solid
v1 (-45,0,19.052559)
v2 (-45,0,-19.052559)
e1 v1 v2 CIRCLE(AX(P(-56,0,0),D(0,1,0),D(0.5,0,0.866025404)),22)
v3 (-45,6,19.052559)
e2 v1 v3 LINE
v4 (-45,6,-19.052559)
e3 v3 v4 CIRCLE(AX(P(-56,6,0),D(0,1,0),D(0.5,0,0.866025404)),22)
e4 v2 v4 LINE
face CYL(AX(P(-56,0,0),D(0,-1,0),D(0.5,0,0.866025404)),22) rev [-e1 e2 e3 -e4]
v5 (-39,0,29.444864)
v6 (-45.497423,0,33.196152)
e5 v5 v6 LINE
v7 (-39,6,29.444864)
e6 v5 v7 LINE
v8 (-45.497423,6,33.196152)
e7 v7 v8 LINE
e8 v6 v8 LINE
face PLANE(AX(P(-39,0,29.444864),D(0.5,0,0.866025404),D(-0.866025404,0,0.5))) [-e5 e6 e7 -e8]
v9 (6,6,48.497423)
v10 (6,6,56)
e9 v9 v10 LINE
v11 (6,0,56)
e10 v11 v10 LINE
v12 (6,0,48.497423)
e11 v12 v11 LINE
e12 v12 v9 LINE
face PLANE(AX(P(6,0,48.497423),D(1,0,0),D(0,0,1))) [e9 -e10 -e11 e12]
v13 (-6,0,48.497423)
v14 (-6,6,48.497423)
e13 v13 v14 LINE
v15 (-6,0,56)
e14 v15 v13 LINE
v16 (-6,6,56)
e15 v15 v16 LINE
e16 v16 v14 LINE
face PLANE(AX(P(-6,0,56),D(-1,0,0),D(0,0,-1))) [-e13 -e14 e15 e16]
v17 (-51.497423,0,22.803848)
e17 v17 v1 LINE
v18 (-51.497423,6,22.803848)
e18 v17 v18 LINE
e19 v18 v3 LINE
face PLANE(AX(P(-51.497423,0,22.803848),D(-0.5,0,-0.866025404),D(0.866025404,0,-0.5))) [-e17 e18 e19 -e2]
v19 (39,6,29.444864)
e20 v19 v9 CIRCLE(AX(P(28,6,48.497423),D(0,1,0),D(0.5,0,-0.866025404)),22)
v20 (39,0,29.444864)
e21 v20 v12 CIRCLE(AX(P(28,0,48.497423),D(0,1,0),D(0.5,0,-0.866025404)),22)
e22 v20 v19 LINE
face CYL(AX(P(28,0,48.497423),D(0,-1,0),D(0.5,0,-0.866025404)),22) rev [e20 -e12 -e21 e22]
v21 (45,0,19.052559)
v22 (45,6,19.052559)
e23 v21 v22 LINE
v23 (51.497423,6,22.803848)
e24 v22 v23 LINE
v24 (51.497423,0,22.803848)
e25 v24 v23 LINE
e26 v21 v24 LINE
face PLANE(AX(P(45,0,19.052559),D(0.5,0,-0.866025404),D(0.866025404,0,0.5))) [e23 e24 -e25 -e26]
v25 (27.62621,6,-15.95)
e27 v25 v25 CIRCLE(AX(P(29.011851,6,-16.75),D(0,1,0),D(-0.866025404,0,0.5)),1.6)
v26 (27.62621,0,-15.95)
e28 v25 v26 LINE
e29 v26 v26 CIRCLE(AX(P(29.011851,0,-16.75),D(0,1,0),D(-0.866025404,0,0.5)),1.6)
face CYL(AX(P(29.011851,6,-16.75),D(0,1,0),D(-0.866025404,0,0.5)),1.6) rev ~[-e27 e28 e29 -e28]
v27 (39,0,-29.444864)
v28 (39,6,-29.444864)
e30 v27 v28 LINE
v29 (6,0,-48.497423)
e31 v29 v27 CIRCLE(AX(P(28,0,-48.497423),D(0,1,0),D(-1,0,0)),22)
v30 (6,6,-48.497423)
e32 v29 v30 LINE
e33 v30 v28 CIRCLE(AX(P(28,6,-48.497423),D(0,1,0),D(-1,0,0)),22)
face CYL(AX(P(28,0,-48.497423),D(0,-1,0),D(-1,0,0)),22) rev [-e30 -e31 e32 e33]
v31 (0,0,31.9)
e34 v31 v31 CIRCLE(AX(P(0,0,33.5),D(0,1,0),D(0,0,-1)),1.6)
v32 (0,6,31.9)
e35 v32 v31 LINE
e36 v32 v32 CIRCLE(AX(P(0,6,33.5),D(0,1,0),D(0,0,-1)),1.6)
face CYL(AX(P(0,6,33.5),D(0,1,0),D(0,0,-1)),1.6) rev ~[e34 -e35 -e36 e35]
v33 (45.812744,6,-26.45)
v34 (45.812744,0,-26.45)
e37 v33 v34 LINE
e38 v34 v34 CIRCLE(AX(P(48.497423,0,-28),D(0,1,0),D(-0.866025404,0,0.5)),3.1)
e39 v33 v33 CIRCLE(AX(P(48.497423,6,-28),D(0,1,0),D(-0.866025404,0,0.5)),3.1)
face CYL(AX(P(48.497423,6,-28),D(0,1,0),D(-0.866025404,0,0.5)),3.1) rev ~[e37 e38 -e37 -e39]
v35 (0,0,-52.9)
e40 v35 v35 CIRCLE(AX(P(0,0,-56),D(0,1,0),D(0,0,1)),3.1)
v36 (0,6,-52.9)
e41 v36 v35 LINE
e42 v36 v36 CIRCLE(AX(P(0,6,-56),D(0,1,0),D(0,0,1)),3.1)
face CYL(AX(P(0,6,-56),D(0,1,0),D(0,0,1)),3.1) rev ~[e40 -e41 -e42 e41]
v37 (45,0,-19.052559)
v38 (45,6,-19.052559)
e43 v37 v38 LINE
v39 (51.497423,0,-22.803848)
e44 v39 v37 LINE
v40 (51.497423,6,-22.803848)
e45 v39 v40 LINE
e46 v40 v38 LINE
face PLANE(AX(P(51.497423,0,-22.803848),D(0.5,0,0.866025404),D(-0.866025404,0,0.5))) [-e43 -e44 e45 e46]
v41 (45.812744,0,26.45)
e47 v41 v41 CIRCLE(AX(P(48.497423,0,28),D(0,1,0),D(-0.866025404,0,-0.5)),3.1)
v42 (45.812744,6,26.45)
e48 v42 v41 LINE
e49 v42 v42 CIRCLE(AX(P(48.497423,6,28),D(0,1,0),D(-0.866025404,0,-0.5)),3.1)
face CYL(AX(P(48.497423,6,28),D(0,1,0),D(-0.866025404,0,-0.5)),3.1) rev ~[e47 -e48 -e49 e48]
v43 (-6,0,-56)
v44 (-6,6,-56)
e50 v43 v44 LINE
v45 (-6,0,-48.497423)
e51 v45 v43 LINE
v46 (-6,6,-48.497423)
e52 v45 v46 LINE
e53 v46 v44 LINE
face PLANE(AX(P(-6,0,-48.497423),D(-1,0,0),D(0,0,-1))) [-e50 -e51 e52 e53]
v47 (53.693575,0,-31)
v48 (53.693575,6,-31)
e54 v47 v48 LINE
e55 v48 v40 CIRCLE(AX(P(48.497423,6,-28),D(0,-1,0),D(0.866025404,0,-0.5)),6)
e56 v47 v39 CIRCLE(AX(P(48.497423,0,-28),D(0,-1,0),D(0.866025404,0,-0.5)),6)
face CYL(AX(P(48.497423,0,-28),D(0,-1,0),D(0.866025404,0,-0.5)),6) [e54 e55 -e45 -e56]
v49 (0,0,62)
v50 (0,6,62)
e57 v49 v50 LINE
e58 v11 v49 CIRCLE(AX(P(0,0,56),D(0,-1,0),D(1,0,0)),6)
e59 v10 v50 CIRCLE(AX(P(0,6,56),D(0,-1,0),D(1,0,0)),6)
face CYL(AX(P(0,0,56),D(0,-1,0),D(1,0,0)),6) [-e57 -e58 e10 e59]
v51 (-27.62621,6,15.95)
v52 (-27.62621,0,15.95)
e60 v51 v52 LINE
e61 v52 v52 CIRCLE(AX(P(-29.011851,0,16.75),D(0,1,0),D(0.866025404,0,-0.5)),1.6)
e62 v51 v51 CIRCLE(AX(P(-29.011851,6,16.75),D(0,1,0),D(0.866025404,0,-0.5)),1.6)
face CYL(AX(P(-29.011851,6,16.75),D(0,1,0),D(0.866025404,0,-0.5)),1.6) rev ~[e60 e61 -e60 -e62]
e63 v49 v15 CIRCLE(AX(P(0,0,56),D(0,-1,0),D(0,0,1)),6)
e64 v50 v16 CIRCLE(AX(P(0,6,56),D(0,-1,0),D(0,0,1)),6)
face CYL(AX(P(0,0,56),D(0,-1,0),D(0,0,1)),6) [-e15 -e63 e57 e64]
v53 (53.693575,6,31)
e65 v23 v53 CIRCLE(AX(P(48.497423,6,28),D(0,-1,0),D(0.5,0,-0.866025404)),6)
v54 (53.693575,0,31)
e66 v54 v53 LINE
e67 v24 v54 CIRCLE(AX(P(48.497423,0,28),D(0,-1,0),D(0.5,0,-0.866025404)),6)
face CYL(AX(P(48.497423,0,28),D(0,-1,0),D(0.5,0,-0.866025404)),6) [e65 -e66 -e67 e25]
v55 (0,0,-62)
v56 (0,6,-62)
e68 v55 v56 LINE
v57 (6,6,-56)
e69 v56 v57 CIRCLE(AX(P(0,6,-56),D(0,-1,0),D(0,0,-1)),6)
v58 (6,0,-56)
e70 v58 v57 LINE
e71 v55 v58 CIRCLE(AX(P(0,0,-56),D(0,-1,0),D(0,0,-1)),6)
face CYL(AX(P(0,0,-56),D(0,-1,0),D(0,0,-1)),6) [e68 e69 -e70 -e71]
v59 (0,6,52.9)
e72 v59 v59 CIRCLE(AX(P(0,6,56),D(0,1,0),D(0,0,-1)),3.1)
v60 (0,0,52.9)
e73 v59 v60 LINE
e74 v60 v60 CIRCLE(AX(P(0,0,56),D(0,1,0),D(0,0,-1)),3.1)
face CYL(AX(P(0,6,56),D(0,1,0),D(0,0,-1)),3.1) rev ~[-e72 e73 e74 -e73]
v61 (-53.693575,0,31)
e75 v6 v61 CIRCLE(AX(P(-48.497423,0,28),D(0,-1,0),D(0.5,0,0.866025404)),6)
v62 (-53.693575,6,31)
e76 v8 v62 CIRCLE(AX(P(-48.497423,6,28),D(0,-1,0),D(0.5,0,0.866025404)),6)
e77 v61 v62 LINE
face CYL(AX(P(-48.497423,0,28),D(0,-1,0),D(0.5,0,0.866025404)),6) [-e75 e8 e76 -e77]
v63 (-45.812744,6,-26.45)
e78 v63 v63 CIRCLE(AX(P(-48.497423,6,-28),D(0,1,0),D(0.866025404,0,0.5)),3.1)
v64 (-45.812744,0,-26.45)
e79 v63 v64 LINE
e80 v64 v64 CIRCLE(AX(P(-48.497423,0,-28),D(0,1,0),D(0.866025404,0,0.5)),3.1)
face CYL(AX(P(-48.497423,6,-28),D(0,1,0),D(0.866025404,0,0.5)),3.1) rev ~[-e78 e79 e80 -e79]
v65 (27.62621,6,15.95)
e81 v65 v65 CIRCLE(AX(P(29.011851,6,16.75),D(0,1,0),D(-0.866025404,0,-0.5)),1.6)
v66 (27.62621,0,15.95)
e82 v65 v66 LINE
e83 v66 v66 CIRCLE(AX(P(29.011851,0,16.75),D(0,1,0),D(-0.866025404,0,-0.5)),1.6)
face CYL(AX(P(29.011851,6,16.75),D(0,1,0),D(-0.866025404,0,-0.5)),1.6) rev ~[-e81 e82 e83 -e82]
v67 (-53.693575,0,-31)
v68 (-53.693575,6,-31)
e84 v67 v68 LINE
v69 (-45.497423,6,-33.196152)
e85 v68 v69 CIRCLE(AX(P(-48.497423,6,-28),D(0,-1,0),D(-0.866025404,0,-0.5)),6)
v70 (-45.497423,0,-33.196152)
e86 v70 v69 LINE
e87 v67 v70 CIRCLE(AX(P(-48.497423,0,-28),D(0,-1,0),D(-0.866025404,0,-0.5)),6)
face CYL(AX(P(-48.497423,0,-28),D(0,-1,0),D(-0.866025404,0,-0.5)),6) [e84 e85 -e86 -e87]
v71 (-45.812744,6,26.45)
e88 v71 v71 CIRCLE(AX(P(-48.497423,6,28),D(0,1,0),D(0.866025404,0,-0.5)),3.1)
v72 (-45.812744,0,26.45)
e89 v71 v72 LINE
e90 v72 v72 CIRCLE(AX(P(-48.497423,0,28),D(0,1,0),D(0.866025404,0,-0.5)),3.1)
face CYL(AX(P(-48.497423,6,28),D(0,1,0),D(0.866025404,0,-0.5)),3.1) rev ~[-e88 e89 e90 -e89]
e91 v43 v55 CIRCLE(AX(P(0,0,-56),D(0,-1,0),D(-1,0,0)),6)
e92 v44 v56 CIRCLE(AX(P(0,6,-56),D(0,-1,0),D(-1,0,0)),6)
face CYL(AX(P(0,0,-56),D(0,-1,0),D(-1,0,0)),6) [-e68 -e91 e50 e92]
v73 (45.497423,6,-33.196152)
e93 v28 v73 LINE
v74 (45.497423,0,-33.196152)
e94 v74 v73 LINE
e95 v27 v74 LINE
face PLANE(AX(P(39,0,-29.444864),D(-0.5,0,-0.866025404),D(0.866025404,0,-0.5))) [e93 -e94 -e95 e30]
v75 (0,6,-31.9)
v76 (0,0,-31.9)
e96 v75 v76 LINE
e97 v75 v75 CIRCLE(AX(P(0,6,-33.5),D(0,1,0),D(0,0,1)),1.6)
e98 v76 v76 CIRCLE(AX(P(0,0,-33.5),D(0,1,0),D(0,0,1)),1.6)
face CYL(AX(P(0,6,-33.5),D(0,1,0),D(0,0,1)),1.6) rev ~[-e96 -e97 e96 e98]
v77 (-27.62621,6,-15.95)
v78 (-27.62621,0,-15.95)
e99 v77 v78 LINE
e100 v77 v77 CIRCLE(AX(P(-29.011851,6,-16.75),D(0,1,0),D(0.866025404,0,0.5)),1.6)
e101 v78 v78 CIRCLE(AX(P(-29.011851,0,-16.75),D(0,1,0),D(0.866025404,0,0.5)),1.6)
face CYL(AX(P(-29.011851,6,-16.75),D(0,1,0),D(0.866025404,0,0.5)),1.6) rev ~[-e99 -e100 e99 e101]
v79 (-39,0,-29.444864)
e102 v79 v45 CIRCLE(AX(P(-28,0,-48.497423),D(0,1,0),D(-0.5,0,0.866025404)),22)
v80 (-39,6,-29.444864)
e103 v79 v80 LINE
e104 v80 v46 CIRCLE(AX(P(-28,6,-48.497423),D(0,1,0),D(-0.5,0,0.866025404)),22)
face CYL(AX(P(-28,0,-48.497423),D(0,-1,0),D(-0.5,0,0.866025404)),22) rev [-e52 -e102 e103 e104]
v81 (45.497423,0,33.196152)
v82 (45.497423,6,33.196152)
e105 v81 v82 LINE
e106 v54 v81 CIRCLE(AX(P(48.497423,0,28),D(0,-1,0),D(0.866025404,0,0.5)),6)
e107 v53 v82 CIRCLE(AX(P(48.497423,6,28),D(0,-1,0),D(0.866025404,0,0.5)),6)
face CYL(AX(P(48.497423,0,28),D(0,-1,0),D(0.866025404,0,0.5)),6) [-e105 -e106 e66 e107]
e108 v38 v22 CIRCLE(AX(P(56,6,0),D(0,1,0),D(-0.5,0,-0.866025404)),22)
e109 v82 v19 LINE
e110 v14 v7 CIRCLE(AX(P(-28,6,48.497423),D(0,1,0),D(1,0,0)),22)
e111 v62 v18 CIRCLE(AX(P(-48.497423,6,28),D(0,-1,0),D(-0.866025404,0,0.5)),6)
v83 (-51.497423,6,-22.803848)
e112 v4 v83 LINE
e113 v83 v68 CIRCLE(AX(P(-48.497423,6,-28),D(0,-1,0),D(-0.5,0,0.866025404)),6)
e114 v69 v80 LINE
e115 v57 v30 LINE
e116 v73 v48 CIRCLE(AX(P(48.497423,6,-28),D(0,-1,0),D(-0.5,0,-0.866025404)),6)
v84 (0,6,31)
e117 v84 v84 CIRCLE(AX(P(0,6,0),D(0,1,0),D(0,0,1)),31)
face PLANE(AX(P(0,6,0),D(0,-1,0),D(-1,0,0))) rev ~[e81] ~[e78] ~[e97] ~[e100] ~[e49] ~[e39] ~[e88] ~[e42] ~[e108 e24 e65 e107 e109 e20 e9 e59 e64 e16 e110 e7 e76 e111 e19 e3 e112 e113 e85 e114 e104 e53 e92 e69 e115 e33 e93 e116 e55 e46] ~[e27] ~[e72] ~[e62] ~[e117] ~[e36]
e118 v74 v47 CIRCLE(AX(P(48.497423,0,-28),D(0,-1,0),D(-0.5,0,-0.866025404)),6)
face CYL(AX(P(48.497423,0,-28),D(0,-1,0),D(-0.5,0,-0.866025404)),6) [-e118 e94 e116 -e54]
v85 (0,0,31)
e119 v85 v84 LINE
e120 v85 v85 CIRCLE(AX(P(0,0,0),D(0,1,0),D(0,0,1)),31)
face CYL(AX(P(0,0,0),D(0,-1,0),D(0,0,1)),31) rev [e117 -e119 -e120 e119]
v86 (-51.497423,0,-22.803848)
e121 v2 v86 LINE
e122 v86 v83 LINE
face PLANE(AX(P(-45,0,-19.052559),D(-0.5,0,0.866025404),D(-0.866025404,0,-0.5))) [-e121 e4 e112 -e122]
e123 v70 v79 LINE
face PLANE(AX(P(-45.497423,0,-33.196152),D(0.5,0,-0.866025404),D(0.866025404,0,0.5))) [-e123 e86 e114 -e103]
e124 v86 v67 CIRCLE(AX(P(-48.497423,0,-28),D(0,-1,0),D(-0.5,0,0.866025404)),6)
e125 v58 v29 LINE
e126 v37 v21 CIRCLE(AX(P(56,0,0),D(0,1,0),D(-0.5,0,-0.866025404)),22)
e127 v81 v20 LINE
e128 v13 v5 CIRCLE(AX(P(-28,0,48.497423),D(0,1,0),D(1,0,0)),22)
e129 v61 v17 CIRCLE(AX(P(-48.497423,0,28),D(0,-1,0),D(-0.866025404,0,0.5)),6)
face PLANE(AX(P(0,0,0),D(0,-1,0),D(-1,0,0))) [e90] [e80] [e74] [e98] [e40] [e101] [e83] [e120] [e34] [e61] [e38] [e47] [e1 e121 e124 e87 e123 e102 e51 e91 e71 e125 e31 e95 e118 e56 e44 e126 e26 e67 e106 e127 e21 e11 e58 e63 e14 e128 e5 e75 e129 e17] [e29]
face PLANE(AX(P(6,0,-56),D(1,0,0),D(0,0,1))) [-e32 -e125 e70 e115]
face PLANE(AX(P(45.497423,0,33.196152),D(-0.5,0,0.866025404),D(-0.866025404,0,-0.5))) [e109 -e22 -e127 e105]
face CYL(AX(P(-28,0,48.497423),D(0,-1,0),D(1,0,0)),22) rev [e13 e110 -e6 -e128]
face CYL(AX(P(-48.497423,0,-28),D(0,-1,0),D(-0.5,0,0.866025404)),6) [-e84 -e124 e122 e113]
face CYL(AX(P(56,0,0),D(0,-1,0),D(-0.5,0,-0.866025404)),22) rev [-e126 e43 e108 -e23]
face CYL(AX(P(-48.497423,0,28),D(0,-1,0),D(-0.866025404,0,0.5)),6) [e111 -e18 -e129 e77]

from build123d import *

# Parameters (mm, degrees)
SKETCH_1_R               = 31
EXTRUDE_1_DEPTH          = 6
SKETCH_2_R               = 1.6
SKETCH_2_R_2             = 3.1
CUT_EXTRUDE_1_DEPTH      = 6
PATTERN_CIRCULAR_1_COUNT = 6


with BuildPart() as part:
    # 草图1 → 凸台-拉伸1 (new body)
    with BuildSketch(Plane(origin=(0, 0, 0), x_dir=(1, 0, 0), z_dir=(0, 1, 0))):
        with BuildLine():
            Line((6, 56), (6, 48.497422612))
            ThreePointArc((6, 48.497422612), (17, 29.444863729), (39, 29.444863729))
            Line((39, 29.444863729), (45.497422612, 33.196152423))
            ThreePointArc((45.497422612, 33.196152423), (50.050336883, 33.795554958), (53.693575035, 31))
            ThreePointArc((53.693575035, 31), (54.29297757, 26.447085729), (51.497422612, 22.803847577))
            Line((51.497422612, 22.803847577), (45, 19.052558883))
            ThreePointArc((45, 19.052558883), (34, 0), (45, -19.052558883))
            Line((45, -19.052558883), (51.497422612, -22.803847577))
            ThreePointArc((51.497422612, -22.803847577), (54.29297757, -26.447085729), (53.693575035, -31))
            ThreePointArc((53.693575035, -31), (50.050336883, -33.795554958), (45.497422612, -33.196152423))
            Line((45.497422612, -33.196152423), (39, -29.444863729))
            ThreePointArc((39, -29.444863729), (17, -29.444863729), (6, -48.497422612))
            Line((6, -48.497422612), (6, -56))
            ThreePointArc((6, -56), (4.242640687, -60.242640687), (0, -62))
            ThreePointArc((0, -62), (-4.242640687, -60.242640687), (-6, -56))
            Line((-6, -56), (-6, -48.497422612))
            ThreePointArc((-6, -48.497422612), (-17, -29.444863729), (-39, -29.444863729))
            Line((-39, -29.444863729), (-45.497422612, -33.196152423))
            ThreePointArc((-45.497422612, -33.196152423), (-50.050336883, -33.795554958), (-53.693575035, -31))
            ThreePointArc((-53.693575035, -31), (-54.29297757, -26.447085729), (-51.497422612, -22.803847577))
            Line((-51.497422612, -22.803847577), (-45, -19.052558883))
            ThreePointArc((-45, -19.052558883), (-34, 0), (-45, 19.052558883))
            Line((-45, 19.052558883), (-51.497422612, 22.803847577))
            ThreePointArc((-51.497422612, 22.803847577), (-54.29297757, 26.447085729), (-53.693575035, 31))
            ThreePointArc((-53.693575035, 31), (-50.050336883, 33.795554958), (-45.497422612, 33.196152423))
            Line((-45.497422612, 33.196152423), (-39, 29.444863729))
            ThreePointArc((-39, 29.444863729), (-17, 29.444863729), (-6, 48.497422612))
            Line((-6, 48.497422612), (-6, 56))
            ThreePointArc((-6, 56), (-4.242640687, 60.242640687), (0, 62))
            ThreePointArc((0, 62), (4.242640687, 60.242640687), (6, 56))
        make_face()
        with Locations(Location((0, 0, 0), (0, 0, 270))):
            Circle(SKETCH_1_R, mode=Mode.SUBTRACT)
    extrude(amount=EXTRUDE_1_DEPTH)

    # 草图2 → 切除-拉伸1 (cut)
    with BuildSketch(Plane(origin=(0, 6, 0), x_dir=(1, 0, 0), z_dir=(0, 1, 0))):
        with Locations(Location((0, 33.5, 0), (0, 0, 270))):
            Circle(SKETCH_2_R)
        with Locations(Location((0, 56, 0), (0, 0, 270))):
            Circle(SKETCH_2_R_2)
    cut_extrude_1 = extrude(amount=-CUT_EXTRUDE_1_DEPTH, mode=Mode.SUBTRACT)

    # 阵列(圆周)1: 切除-拉伸1 ×6 about axis
    pattern_circular_1_axis = Axis((0, 0, 0), (0, 1, 0))
    for i in range(1, PATTERN_CIRCULAR_1_COUNT):
        add(cut_extrude_1.rotate(pattern_circular_1_axis, i * 360 / PATTERN_CIRCULAR_1_COUNT), mode=Mode.SUBTRACT)


solid = part.part
